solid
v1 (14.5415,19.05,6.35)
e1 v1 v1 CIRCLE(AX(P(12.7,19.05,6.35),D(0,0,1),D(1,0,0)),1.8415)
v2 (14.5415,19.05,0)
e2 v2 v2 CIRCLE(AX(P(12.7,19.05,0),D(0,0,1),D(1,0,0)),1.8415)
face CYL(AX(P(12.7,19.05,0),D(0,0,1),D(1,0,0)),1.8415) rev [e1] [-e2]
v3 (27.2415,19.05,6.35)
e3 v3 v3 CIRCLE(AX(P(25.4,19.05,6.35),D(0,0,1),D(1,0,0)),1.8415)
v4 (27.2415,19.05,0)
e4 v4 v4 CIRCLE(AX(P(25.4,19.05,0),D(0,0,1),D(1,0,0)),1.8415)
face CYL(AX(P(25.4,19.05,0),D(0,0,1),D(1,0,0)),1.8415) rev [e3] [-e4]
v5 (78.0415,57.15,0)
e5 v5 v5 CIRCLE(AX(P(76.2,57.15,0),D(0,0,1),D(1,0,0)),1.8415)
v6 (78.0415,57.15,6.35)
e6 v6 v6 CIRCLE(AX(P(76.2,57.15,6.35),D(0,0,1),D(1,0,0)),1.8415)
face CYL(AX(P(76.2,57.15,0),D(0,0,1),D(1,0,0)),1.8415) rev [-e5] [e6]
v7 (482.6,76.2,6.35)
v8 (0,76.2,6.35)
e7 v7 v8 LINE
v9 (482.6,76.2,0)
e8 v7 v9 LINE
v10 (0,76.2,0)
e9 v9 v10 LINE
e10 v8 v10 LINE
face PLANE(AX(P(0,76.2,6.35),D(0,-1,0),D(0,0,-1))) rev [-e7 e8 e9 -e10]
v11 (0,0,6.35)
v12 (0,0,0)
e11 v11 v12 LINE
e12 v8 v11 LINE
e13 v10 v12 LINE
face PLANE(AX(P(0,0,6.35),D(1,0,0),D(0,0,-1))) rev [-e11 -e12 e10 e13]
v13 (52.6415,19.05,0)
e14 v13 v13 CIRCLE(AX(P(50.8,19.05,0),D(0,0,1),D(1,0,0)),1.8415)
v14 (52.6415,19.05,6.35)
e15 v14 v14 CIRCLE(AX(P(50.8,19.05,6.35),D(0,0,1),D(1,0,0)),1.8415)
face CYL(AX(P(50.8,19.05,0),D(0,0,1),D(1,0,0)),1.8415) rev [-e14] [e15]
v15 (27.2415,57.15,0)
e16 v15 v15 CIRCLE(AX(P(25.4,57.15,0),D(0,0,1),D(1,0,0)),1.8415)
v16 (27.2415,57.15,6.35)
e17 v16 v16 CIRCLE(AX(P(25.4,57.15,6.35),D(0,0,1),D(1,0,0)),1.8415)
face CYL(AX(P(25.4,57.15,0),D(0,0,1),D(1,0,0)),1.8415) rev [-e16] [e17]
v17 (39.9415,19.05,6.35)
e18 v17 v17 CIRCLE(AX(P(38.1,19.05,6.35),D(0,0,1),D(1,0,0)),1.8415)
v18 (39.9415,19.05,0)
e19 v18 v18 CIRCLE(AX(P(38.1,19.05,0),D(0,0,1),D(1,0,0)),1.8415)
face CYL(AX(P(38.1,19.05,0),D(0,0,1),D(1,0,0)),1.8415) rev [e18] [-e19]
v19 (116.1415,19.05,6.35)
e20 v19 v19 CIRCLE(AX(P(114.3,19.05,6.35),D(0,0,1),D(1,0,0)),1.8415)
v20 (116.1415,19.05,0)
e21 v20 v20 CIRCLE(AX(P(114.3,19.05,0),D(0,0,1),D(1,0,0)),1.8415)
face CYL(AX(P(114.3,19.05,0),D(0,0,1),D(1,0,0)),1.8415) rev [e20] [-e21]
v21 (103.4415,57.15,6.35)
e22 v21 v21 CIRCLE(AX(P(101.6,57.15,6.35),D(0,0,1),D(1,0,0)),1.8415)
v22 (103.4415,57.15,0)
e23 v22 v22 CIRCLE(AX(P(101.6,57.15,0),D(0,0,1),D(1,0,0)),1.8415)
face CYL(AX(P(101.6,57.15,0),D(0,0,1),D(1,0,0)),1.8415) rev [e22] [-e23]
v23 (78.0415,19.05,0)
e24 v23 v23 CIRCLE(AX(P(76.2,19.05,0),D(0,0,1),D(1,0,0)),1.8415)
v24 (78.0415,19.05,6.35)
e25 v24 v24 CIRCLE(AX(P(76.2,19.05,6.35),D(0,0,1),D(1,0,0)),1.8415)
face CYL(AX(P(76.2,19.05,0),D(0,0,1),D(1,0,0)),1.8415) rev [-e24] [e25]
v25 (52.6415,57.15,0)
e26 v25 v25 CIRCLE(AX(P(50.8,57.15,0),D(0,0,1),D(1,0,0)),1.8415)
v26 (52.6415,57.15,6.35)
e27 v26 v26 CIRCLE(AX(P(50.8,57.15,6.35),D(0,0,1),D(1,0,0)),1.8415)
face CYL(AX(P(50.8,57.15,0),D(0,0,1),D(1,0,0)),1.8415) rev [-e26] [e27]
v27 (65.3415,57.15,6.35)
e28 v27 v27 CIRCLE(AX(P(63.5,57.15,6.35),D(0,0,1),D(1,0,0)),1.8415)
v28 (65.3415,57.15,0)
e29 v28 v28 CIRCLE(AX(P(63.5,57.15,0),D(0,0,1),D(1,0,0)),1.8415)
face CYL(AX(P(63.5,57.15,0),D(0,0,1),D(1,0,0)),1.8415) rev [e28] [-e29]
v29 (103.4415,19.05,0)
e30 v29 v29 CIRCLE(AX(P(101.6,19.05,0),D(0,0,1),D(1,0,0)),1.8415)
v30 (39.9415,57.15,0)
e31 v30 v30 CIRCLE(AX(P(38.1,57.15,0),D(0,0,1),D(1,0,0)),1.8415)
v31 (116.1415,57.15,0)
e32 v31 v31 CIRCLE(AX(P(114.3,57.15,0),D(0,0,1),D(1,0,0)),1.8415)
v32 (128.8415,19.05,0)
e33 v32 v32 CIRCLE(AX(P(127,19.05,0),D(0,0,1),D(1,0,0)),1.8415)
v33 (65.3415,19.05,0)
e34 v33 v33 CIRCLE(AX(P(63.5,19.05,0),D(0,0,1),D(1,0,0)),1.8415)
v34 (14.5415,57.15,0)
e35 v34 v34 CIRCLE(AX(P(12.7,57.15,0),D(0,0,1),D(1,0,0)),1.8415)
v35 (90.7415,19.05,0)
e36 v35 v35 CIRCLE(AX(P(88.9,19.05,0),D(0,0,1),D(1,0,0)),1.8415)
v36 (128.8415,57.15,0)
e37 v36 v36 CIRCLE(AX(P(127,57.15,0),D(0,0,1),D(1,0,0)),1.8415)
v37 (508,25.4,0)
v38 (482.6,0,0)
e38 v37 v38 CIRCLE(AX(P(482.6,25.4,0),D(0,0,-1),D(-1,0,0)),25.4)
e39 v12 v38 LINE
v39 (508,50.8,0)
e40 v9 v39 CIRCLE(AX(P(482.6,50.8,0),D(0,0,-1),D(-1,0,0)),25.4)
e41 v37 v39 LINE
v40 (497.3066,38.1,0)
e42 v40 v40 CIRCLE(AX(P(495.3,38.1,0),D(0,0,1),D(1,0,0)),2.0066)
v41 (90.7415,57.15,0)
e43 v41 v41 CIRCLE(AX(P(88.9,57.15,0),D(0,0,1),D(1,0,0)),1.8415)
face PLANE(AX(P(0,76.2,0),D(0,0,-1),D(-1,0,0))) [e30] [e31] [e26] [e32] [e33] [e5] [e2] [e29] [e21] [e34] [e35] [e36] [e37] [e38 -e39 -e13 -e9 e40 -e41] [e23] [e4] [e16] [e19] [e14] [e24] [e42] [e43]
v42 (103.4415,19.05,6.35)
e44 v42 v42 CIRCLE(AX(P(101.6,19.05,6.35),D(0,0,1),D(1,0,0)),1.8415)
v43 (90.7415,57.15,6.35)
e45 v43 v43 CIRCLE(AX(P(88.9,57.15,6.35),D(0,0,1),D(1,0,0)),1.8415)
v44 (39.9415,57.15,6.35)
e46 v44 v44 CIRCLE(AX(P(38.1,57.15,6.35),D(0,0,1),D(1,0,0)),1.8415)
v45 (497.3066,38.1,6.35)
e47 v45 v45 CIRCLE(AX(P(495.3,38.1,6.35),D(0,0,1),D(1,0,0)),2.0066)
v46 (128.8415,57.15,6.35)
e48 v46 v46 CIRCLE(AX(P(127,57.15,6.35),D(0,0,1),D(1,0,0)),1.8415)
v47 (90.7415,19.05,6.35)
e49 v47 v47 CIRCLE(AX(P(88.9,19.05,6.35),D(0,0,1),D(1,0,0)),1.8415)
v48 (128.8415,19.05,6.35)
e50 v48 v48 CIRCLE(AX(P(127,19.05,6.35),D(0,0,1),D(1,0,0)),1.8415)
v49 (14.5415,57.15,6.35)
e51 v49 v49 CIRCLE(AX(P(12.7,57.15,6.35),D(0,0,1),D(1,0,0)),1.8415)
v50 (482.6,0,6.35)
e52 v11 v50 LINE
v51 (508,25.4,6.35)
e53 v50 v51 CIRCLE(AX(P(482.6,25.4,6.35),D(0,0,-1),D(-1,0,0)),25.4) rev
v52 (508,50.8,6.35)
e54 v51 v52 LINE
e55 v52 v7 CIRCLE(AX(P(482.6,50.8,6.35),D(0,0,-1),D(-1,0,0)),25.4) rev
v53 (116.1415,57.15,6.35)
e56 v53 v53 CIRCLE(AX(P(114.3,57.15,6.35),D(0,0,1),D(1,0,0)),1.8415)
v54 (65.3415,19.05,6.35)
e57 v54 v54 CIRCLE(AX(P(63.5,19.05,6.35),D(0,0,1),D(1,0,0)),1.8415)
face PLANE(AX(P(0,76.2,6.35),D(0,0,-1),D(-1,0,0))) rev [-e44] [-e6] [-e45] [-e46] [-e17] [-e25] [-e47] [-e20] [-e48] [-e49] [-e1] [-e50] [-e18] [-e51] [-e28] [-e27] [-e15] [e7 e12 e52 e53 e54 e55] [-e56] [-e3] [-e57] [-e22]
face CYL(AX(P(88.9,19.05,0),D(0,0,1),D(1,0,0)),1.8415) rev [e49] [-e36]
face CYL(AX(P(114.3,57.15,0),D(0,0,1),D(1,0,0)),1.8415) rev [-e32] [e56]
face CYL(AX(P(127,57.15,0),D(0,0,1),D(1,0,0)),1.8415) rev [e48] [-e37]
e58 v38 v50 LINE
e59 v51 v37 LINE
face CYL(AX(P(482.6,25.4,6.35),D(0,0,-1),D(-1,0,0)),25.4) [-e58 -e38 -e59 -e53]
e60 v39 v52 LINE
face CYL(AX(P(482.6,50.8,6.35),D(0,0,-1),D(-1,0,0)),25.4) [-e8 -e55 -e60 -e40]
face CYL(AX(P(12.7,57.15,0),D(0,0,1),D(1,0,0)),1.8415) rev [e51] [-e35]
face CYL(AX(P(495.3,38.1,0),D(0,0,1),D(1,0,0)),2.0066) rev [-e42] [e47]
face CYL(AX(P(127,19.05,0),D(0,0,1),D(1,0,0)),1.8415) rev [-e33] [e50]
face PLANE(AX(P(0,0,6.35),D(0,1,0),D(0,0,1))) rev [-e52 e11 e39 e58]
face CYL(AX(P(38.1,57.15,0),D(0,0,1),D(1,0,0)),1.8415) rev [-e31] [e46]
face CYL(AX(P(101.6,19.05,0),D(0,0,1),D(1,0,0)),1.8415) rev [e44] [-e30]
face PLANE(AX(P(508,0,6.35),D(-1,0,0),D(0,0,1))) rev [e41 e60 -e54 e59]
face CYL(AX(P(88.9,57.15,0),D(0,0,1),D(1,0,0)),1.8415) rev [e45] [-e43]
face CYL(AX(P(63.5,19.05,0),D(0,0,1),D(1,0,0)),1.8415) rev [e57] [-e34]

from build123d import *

# Parameters (mm, degrees)
SKETCH1_W             = 508
SKETCH1_H             = 76.2
BASIC_PLANK_DEPTH     = 6.35
SKETCH2_R             = 1.8415
PLACEMENT_HOLES_DEPTH = 7.35
FILLET1_R             = 25.4
SKETCH3_R             = 2.0066
WHEEL_HOLE_DEPTH      = 7.35


with BuildPart() as part:
    # Sketch1 → basic_plank (new body)
    with BuildSketch(Plane.XY):
        with Locations((254, 38.1)):
            Rectangle(SKETCH1_W, SKETCH1_H)
    extrude(amount=BASIC_PLANK_DEPTH)

    # Sketch2 → placement holes (cut, through all)
    with BuildSketch(Plane.XY.offset(6.35)):
        with Locations((12.7, 57.15)):
            Circle(SKETCH2_R)
        with Locations((25.4, 57.15)):
            Circle(SKETCH2_R)
        with Locations((38.1, 57.15)):
            Circle(SKETCH2_R)
        with Locations((50.8, 57.15)):
            Circle(SKETCH2_R)
        with Locations((63.5, 57.15)):
            Circle(SKETCH2_R)
        with Locations((76.2, 57.15)):
            Circle(SKETCH2_R)
        with Locations((88.9, 57.15)):
            Circle(SKETCH2_R)
        with Locations((101.6, 57.15)):
            Circle(SKETCH2_R)
        with Locations((114.3, 57.15)):
            Circle(SKETCH2_R)
        with Locations((127, 57.15)):
            Circle(SKETCH2_R)
        with Locations((12.7, 19.05)):
            Circle(SKETCH2_R)
        with Locations((25.4, 19.05)):
            Circle(SKETCH2_R)
        with Locations((38.1, 19.05)):
            Circle(SKETCH2_R)
        with Locations((50.8, 19.05)):
            Circle(SKETCH2_R)
        with Locations((63.5, 19.05)):
            Circle(SKETCH2_R)
        with Locations((76.2, 19.05)):
            Circle(SKETCH2_R)
        with Locations((88.9, 19.05)):
            Circle(SKETCH2_R)
        with Locations((101.6, 19.05)):
            Circle(SKETCH2_R)
        with Locations((114.3, 19.05)):
            Circle(SKETCH2_R)
        with Locations((127, 19.05)):
            Circle(SKETCH2_R)
    extrude(amount=-PLACEMENT_HOLES_DEPTH, mode=Mode.SUBTRACT)

    # Fillet1
    fillet1_edges = [part.edges().sort_by_distance(p)[0] for p in [
        (508, 76.2, 3.175),
        (508, 0, 3.175),
    ]]
    fillet(fillet1_edges, radius=FILLET1_R)

    # Sketch3 → wheel_hole (cut, through all)
    with BuildSketch(Plane.XY.offset(6.35)):
        with Locations((495.3, 38.1)):
            Circle(SKETCH3_R)
    extrude(amount=-WHEEL_HOLE_DEPTH, mode=Mode.SUBTRACT)


solid = part.part
